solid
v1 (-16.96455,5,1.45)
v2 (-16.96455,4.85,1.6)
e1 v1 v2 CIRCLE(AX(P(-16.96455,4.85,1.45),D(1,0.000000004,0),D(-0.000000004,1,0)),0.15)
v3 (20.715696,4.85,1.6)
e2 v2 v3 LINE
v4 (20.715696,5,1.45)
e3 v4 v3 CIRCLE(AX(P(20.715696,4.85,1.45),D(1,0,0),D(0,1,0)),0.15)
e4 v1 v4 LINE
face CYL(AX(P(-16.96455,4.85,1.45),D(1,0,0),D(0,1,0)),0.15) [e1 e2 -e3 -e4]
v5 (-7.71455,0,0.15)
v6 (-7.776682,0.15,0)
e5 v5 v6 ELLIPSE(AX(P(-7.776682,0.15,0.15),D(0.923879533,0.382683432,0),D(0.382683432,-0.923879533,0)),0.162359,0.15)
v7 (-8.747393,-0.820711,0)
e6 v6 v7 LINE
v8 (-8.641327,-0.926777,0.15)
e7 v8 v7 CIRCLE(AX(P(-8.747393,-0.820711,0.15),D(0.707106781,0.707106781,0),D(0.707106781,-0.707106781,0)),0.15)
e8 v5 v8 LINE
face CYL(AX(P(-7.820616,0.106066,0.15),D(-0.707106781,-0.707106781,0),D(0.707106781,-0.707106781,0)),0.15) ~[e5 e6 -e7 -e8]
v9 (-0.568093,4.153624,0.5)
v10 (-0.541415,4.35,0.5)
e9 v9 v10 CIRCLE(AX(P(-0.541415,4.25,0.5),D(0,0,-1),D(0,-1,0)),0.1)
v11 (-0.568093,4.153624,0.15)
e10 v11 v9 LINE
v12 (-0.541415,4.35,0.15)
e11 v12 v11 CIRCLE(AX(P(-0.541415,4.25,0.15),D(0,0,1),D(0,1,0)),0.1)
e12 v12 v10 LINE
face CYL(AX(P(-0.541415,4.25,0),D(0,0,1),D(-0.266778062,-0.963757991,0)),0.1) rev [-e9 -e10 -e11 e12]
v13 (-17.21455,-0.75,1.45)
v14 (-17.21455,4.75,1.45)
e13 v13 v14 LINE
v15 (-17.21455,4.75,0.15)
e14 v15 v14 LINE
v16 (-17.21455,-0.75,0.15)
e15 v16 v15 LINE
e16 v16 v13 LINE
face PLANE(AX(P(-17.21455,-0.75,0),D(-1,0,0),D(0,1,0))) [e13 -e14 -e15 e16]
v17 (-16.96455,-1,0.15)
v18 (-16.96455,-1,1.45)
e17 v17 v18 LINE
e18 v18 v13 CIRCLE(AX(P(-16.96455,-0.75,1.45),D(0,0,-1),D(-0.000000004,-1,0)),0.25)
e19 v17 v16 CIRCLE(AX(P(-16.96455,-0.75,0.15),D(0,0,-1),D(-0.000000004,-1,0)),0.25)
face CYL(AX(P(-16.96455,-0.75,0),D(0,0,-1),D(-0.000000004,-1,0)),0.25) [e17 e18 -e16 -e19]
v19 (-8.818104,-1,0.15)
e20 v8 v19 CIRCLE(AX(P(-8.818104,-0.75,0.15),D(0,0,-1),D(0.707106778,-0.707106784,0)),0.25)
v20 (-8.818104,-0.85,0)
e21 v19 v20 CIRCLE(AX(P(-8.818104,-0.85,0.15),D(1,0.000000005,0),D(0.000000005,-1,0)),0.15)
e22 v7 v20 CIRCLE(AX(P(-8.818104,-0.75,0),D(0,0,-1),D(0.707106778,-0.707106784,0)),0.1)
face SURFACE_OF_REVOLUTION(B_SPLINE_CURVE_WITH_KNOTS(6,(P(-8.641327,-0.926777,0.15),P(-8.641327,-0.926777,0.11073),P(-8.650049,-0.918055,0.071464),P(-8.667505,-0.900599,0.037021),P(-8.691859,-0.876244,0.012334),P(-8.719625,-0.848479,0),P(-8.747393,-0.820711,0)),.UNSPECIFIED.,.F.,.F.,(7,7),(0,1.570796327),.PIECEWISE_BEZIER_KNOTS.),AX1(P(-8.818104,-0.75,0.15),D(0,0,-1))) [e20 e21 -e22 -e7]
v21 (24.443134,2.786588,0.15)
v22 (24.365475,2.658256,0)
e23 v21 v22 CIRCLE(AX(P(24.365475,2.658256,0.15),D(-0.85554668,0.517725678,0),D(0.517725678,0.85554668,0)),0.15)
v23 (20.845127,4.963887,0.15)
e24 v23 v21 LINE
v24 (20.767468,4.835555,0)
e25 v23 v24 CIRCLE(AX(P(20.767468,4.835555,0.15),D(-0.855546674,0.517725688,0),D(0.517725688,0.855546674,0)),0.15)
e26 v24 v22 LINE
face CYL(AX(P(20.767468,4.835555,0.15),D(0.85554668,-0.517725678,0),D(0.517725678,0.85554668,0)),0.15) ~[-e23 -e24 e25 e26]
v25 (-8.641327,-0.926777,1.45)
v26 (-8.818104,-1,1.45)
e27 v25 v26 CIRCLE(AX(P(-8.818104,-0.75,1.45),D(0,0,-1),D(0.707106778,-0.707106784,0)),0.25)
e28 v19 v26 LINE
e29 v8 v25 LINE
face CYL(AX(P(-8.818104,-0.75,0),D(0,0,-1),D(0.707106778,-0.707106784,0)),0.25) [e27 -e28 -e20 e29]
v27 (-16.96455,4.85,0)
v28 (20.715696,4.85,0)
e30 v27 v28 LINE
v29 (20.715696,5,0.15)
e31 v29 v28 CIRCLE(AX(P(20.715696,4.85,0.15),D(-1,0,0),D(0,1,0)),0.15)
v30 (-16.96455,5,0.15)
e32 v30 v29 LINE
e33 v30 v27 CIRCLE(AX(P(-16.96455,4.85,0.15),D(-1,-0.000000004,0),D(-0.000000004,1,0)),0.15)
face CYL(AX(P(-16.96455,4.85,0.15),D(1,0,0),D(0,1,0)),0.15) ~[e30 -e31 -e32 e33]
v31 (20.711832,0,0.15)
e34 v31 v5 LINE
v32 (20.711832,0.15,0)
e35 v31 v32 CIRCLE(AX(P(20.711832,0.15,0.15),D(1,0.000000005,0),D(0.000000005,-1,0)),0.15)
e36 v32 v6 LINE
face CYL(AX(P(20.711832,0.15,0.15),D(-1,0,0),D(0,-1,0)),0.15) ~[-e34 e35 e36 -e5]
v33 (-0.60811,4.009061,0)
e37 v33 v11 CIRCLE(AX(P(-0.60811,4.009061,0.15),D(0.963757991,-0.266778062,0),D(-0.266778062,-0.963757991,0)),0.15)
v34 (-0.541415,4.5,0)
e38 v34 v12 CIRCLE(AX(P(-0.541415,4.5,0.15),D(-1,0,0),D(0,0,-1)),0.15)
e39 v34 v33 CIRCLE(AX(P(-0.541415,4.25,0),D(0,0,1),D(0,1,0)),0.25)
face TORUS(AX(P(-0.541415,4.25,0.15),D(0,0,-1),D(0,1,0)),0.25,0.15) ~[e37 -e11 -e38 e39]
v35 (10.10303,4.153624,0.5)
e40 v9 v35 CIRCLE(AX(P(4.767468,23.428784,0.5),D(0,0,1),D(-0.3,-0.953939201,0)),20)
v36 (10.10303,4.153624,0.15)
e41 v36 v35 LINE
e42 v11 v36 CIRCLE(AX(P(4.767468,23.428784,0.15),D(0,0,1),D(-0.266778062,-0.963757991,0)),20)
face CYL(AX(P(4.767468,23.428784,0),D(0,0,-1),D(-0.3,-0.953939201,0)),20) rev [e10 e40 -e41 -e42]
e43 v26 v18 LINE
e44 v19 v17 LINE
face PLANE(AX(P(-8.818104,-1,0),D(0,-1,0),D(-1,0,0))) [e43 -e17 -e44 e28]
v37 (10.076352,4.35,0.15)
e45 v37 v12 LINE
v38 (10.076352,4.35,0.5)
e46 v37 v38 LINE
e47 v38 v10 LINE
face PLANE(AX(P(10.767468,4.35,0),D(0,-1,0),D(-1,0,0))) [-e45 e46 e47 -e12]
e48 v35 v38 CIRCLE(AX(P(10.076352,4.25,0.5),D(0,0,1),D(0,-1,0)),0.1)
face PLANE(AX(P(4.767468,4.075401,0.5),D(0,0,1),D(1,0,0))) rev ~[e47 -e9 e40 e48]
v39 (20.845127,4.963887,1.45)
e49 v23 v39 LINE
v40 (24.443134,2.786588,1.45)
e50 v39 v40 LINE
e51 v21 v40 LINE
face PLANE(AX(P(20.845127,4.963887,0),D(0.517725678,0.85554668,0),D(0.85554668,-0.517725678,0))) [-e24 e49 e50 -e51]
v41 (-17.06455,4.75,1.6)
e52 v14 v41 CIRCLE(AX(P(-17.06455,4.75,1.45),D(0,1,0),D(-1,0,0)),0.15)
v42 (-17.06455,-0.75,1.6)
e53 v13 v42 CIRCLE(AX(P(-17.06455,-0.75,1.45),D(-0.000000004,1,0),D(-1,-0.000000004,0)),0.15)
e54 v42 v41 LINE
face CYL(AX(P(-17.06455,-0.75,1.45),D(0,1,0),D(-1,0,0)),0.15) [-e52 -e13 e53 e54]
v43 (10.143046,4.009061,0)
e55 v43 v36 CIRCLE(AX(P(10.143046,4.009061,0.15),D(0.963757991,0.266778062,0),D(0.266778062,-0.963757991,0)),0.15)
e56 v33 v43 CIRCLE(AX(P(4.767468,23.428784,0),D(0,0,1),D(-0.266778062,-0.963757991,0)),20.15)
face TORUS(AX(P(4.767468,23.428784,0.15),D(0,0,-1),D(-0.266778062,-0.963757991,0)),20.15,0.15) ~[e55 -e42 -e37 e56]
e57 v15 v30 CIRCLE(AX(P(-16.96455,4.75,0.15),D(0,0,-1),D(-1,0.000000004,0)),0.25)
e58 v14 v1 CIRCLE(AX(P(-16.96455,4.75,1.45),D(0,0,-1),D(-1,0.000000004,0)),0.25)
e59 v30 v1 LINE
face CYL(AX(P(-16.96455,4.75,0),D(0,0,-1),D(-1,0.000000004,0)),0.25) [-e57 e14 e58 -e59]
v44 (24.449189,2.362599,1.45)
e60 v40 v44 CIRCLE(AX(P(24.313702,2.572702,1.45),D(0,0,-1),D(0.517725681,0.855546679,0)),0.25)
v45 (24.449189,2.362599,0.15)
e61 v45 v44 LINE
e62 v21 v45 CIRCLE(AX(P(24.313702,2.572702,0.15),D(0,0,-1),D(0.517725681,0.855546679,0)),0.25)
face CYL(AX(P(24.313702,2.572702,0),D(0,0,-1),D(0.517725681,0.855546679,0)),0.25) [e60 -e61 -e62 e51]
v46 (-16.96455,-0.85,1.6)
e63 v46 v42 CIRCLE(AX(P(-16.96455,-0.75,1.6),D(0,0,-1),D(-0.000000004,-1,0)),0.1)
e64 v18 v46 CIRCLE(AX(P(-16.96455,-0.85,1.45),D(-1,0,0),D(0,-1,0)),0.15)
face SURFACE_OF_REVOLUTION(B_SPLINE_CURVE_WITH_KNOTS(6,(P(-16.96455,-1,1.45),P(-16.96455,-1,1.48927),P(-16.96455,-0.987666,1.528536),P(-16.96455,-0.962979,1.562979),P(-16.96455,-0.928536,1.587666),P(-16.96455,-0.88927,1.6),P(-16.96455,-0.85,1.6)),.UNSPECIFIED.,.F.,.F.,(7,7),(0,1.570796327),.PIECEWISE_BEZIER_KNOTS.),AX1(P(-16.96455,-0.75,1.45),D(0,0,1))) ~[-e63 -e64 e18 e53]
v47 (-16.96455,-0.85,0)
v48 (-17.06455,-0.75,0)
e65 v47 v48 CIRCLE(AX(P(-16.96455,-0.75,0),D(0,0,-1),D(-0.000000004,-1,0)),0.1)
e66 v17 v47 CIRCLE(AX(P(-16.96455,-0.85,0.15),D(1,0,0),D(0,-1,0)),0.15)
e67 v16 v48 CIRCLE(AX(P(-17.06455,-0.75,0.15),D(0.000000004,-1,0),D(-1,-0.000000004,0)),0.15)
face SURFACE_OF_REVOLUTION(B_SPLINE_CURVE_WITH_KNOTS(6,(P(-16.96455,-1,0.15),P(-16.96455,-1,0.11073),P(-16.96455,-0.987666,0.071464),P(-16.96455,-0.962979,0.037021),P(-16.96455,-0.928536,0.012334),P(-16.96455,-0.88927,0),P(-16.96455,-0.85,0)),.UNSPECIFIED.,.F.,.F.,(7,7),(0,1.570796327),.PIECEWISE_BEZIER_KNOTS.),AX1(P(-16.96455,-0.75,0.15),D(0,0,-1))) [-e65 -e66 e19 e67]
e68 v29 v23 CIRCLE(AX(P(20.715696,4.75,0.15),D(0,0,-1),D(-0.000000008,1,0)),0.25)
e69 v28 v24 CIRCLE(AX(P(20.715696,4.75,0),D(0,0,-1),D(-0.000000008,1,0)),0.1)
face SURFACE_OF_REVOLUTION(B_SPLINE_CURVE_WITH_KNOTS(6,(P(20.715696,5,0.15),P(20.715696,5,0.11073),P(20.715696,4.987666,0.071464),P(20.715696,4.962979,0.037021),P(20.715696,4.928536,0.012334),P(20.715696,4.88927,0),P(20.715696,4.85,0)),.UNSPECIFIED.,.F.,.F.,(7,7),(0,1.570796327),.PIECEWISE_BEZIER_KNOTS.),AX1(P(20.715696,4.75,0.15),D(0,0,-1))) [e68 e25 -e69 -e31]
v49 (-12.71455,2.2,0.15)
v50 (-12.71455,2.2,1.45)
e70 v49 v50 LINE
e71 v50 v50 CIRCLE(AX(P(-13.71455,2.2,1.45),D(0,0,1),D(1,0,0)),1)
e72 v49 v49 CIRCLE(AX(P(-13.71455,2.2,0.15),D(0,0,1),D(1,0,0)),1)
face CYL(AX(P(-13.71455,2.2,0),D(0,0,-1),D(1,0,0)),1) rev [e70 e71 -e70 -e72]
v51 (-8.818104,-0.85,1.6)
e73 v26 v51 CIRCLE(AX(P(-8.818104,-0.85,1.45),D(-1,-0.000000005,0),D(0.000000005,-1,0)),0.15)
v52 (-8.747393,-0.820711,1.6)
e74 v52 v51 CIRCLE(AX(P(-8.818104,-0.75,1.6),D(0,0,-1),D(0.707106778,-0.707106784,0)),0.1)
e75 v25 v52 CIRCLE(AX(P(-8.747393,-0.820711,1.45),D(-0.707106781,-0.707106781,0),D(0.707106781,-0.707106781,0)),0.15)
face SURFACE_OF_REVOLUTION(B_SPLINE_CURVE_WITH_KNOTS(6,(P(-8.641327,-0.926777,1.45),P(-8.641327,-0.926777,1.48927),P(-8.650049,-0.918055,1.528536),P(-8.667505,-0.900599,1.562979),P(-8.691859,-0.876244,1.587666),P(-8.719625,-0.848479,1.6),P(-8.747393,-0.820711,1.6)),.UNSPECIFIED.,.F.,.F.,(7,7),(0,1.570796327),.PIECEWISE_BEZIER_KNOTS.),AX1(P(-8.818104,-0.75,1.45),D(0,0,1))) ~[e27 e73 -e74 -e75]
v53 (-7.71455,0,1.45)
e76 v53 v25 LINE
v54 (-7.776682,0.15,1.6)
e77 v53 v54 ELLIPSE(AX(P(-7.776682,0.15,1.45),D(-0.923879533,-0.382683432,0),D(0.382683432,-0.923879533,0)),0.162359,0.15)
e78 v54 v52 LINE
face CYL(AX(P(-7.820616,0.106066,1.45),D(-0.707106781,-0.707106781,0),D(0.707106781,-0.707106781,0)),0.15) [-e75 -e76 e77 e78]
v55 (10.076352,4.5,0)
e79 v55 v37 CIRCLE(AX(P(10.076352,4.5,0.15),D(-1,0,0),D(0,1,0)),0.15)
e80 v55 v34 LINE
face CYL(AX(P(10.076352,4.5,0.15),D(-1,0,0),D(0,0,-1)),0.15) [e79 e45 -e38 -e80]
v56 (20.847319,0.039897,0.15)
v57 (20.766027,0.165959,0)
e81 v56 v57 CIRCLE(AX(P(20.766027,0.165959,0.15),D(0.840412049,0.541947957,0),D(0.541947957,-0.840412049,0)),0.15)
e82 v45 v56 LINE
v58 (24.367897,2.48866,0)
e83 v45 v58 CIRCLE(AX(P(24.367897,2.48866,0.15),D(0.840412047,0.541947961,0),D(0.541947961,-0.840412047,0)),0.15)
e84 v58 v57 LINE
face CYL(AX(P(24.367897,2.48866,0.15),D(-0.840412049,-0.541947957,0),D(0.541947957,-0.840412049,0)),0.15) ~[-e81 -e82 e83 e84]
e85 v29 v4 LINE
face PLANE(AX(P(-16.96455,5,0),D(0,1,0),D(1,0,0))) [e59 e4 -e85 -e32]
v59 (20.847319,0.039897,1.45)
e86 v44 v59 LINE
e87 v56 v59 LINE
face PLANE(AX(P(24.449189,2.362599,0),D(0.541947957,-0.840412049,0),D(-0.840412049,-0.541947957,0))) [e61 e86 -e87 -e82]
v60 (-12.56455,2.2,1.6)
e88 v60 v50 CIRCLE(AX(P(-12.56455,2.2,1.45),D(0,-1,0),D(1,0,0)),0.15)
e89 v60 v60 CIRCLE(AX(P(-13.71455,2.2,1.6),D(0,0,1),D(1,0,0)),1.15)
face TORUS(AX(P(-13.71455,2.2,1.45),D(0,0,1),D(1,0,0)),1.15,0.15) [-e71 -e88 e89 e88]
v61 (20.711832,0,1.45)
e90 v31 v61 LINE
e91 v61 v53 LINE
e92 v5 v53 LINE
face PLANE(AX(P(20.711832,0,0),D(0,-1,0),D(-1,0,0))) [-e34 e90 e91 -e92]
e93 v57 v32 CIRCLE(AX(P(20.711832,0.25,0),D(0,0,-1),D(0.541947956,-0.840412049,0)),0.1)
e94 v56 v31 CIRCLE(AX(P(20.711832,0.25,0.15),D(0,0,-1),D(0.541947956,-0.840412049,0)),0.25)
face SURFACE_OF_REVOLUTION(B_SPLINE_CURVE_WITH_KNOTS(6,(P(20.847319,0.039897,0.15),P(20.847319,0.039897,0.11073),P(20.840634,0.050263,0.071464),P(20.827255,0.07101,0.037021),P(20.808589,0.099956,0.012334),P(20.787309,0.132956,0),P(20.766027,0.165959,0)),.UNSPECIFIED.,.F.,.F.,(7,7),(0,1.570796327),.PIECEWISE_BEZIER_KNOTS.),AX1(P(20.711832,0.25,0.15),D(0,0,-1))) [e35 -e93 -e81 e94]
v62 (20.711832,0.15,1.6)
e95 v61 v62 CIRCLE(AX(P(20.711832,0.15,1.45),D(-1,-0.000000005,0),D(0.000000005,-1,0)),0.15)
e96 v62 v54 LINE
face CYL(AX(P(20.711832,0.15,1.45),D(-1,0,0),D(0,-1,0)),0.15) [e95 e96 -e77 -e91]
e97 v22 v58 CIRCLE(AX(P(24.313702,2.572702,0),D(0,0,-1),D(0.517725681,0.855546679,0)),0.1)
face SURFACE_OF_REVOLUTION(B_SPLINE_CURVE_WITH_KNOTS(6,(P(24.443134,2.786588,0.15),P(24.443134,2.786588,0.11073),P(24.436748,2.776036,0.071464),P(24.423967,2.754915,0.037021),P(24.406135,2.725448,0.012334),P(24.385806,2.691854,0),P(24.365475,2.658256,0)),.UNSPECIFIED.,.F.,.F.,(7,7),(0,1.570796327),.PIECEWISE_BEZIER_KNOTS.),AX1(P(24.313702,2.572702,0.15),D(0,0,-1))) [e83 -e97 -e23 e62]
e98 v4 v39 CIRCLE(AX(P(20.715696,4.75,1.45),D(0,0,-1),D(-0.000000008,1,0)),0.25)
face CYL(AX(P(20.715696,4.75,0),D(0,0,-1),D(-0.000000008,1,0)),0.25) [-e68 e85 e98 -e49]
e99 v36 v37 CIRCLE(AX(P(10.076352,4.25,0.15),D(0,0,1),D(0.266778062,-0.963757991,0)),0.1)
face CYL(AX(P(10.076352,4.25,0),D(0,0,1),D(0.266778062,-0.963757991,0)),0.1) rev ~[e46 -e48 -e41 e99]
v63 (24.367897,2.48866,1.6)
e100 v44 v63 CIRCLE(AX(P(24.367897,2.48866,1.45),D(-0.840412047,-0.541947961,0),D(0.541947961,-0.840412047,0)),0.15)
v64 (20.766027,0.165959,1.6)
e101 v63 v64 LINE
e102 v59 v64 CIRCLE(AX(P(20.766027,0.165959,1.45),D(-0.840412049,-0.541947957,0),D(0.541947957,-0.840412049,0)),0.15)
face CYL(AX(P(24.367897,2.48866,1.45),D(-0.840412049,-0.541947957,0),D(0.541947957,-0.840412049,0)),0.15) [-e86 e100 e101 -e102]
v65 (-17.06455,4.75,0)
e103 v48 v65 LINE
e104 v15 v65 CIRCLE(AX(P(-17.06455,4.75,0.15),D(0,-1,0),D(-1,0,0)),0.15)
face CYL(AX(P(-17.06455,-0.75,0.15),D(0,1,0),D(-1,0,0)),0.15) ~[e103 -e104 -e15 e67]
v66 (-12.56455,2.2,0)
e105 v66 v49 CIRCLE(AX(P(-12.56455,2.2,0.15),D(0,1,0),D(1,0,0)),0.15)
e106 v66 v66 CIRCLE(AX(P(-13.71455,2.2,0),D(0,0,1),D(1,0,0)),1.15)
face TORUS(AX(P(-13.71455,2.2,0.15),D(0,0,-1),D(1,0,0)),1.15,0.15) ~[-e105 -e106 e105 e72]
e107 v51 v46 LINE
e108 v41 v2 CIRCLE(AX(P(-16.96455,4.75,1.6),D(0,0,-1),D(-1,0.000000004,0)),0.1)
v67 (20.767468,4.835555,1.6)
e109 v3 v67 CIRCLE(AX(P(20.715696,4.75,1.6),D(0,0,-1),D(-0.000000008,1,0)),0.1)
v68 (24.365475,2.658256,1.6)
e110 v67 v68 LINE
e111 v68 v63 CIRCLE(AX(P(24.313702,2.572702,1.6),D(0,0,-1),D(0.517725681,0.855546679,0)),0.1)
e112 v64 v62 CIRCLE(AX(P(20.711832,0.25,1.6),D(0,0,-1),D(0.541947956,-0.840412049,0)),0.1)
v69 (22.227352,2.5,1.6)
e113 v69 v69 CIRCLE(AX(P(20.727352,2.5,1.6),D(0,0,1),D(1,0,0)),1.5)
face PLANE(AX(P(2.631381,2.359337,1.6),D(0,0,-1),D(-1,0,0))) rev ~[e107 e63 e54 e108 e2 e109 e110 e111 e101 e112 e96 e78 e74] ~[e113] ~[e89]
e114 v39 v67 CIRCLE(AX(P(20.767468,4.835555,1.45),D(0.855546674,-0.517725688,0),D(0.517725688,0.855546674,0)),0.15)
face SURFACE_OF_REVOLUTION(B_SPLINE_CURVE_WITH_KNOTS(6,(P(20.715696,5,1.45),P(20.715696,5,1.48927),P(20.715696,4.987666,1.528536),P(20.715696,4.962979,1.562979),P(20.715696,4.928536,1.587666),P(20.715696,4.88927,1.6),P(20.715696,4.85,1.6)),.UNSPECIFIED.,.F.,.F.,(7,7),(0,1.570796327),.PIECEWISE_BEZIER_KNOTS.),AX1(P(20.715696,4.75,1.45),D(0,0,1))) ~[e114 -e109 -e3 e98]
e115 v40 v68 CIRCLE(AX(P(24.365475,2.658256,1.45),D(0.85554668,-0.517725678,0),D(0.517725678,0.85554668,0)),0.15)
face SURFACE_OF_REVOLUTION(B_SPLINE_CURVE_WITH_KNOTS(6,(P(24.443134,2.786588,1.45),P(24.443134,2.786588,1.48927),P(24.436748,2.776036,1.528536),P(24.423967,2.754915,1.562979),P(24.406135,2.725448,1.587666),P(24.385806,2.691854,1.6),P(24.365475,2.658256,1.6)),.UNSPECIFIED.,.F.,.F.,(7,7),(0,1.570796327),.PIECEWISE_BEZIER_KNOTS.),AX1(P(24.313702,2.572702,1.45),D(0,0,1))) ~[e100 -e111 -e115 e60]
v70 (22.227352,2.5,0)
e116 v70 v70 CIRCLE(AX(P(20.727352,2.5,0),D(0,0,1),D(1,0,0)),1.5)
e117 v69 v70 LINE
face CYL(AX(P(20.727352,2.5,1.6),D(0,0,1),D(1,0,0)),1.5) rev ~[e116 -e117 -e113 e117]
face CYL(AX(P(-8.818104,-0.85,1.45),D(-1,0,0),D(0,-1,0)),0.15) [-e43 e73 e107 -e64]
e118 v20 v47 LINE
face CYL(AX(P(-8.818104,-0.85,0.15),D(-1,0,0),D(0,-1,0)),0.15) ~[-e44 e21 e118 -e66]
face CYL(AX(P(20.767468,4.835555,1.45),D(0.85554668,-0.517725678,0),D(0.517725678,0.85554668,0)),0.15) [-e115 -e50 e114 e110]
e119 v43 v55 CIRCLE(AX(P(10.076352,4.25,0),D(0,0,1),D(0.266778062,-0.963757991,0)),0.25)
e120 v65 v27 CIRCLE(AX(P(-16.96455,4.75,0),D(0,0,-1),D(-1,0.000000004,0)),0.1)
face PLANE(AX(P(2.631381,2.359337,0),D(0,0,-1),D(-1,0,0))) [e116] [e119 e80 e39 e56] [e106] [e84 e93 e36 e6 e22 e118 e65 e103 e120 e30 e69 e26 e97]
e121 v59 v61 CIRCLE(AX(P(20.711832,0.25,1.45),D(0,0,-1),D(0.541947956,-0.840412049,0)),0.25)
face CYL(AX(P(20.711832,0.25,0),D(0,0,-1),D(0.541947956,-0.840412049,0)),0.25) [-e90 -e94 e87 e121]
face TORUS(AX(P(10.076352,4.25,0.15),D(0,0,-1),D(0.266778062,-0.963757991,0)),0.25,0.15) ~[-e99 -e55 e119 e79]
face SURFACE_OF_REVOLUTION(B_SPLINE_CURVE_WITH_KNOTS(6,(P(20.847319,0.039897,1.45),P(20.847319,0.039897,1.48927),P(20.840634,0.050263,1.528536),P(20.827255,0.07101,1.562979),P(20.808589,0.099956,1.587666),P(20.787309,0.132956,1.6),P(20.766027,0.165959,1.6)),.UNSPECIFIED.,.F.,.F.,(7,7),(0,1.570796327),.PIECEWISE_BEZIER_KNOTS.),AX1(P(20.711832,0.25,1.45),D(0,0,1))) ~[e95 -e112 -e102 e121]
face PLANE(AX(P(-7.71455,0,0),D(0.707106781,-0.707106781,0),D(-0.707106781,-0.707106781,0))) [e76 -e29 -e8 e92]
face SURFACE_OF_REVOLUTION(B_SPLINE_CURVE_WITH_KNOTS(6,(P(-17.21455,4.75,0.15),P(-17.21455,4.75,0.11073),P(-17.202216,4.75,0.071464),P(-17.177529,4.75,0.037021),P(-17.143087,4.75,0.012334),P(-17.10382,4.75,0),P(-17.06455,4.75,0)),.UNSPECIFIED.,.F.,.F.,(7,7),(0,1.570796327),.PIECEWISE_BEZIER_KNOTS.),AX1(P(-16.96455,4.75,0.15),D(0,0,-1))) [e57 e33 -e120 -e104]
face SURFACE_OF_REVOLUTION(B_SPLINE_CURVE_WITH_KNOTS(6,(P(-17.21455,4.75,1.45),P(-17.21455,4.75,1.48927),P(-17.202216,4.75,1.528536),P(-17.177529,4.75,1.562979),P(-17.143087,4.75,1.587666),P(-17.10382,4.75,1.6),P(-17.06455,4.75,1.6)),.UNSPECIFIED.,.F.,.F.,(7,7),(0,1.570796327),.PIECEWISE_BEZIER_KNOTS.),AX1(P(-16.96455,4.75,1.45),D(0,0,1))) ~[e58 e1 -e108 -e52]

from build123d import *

# Parameters (mm, degrees)
SKETCH1_R           = 1
BOSS_EXTRUDE1_DEPTH = 1.6
FILLET1_R           = 0.15
SKETCH2_R           = 1.5
CUT_EXTRUDE1_DEPTH  = 26.118429106
FILLET2_R           = 0.15
CUT_EXTRUDE2_DEPTH  = 0.5
FILLET3_R           = 0.1
FILLET4_R           = 0.15


with BuildPart() as part:
    # Sketch1 → Boss-Extrude1 (new body)
    with BuildSketch(Plane.XY):
        with BuildLine():
            Line((20.711831818, 0), (-7.714550435, 0))
            Line((-7.714550435, 0), (-8.64132713, -0.926776695))
            ThreePointArc((-8.64132713, -0.926776695), (-8.722432968, -0.980969883), (-8.818103826, -1))
            Line((-8.818103826, -1), (-16.964550435, -1))
            ThreePointArc((-16.964550435, -1), (-17.14132713, -0.926776695), (-17.214550435, -0.75))
            Line((-17.214550435, -0.75), (-17.214550435, 4.75))
            ThreePointArc((-17.214550435, 4.75), (-17.14132713, 4.926776695), (-16.964550435, 5))
            Line((-16.964550435, 5), (20.715695772, 5))
            ThreePointArc((20.715695772, 5), (20.782883317, 4.990802479), (20.845127191, 4.96388667))
            Line((20.845127191, 4.96388667), (24.443133824, 2.786588264))
            ThreePointArc((24.443133824, 2.786588264), (24.56367691, 2.576271817), (24.449189394, 2.362598581))
            Line((24.449189394, 2.362598581), (20.847318807, 0.039896988))
            ThreePointArc((20.847318807, 0.039896988), (20.782451386, 0.010181576), (20.711831818, 0))
        make_face()
        with Locations((-13.714550435, 2.2)):
            Circle(SKETCH1_R, mode=Mode.SUBTRACT)
    extrude(amount=BOSS_EXTRUDE1_DEPTH)

    # Fillet1
    fillet1_edges = [part.edges().sort_by_distance(p)[0] for p in [
        (20.782451386, 0.010181576, 1.6),
        (-8.722432968, -0.980969883, 0),
        (-12.89132713, -1, 0),
        (-17.14132713, -0.926776695, 0),
        (-17.214550435, 2, 0),
        (-17.14132713, 4.926776695, 0),
        (1.875572668, 5, 0),
        (20.782883317, 4.990802479, 0),
        (22.644130508, 3.875237467, 0),
        (24.56367691, 2.576271817, 0),
        (22.6482541, 1.201247785, 0),
        (22.6482541, 1.201247785, 1.6),
        (20.782451386, 0.010181576, 0),
        (6.498640691, 0, 0),
        (-8.177938783, -0.463388348, 0),
        (24.56367691, 2.576271817, 1.6),
        (22.644130508, 3.875237467, 1.6),
        (20.782883317, 4.990802479, 1.6),
        (1.875572668, 5, 1.6),
        (-17.14132713, 4.926776695, 1.6),
        (-17.214550435, 2, 1.6),
        (-17.14132713, -0.926776695, 1.6),
        (-12.89132713, -1, 1.6),
        (-8.177938783, -0.463388348, 1.6),
        (-8.722432968, -0.980969883, 1.6),
        (6.498640691, 0, 1.6),
    ]]
    fillet(fillet1_edges, radius=FILLET1_R)

    # Sketch2 → Cut-Extrude1 (cut, through all)
    with BuildSketch(Plane.XY.offset(1.6)):
        with Locations((20.727351555, 2.5)):
            Circle(SKETCH2_R)
    extrude(amount=-CUT_EXTRUDE1_DEPTH, mode=Mode.SUBTRACT)

    # Fillet2
    fillet2_edges = [part.edges().sort_by_distance(p)[0] for p in [
        (-14.714550435, 2.2, 0),
        (-14.714550435, 2.2, 1.6),
    ]]
    fillet(fillet2_edges, radius=FILLET2_R)

    # Sketch3 → Cut-Extrude2 (cut)
    with BuildSketch(Plane(origin=(0, 0, 0), x_dir=(-1, 0, 0), z_dir=(0, 0, -1))):
        with BuildLine():
            Line((-10.767468339, 4.35), (1.232531661, 4.35))
            ThreePointArc((1.232531661, 4.35), (-4.767468339, 3.428784028), (-10.767468339, 4.35))
        make_face()
    extrude(amount=-CUT_EXTRUDE2_DEPTH, mode=Mode.SUBTRACT)

    # Fillet3
    fillet3_edges = [part.edges().sort_by_distance(p)[0] for p in [
        (-1.232531661, 4.35, 0.25),
        (10.767468339, 4.35, 0.25),
    ]]
    fillet(fillet3_edges, radius=FILLET3_R)

    # Fillet4
    fillet4_edges = [part.edges().sort_by_distance(p)[0] for p in [
        (4.767468339, 3.428784028, 0),
        (4.767468339, 4.35, 0),
        (10.17544157, 4.263461428, 0),
        (-0.640504891, 4.263461428, 0),
    ]]
    fillet(fillet4_edges, radius=FILLET4_R)


solid = part.part
